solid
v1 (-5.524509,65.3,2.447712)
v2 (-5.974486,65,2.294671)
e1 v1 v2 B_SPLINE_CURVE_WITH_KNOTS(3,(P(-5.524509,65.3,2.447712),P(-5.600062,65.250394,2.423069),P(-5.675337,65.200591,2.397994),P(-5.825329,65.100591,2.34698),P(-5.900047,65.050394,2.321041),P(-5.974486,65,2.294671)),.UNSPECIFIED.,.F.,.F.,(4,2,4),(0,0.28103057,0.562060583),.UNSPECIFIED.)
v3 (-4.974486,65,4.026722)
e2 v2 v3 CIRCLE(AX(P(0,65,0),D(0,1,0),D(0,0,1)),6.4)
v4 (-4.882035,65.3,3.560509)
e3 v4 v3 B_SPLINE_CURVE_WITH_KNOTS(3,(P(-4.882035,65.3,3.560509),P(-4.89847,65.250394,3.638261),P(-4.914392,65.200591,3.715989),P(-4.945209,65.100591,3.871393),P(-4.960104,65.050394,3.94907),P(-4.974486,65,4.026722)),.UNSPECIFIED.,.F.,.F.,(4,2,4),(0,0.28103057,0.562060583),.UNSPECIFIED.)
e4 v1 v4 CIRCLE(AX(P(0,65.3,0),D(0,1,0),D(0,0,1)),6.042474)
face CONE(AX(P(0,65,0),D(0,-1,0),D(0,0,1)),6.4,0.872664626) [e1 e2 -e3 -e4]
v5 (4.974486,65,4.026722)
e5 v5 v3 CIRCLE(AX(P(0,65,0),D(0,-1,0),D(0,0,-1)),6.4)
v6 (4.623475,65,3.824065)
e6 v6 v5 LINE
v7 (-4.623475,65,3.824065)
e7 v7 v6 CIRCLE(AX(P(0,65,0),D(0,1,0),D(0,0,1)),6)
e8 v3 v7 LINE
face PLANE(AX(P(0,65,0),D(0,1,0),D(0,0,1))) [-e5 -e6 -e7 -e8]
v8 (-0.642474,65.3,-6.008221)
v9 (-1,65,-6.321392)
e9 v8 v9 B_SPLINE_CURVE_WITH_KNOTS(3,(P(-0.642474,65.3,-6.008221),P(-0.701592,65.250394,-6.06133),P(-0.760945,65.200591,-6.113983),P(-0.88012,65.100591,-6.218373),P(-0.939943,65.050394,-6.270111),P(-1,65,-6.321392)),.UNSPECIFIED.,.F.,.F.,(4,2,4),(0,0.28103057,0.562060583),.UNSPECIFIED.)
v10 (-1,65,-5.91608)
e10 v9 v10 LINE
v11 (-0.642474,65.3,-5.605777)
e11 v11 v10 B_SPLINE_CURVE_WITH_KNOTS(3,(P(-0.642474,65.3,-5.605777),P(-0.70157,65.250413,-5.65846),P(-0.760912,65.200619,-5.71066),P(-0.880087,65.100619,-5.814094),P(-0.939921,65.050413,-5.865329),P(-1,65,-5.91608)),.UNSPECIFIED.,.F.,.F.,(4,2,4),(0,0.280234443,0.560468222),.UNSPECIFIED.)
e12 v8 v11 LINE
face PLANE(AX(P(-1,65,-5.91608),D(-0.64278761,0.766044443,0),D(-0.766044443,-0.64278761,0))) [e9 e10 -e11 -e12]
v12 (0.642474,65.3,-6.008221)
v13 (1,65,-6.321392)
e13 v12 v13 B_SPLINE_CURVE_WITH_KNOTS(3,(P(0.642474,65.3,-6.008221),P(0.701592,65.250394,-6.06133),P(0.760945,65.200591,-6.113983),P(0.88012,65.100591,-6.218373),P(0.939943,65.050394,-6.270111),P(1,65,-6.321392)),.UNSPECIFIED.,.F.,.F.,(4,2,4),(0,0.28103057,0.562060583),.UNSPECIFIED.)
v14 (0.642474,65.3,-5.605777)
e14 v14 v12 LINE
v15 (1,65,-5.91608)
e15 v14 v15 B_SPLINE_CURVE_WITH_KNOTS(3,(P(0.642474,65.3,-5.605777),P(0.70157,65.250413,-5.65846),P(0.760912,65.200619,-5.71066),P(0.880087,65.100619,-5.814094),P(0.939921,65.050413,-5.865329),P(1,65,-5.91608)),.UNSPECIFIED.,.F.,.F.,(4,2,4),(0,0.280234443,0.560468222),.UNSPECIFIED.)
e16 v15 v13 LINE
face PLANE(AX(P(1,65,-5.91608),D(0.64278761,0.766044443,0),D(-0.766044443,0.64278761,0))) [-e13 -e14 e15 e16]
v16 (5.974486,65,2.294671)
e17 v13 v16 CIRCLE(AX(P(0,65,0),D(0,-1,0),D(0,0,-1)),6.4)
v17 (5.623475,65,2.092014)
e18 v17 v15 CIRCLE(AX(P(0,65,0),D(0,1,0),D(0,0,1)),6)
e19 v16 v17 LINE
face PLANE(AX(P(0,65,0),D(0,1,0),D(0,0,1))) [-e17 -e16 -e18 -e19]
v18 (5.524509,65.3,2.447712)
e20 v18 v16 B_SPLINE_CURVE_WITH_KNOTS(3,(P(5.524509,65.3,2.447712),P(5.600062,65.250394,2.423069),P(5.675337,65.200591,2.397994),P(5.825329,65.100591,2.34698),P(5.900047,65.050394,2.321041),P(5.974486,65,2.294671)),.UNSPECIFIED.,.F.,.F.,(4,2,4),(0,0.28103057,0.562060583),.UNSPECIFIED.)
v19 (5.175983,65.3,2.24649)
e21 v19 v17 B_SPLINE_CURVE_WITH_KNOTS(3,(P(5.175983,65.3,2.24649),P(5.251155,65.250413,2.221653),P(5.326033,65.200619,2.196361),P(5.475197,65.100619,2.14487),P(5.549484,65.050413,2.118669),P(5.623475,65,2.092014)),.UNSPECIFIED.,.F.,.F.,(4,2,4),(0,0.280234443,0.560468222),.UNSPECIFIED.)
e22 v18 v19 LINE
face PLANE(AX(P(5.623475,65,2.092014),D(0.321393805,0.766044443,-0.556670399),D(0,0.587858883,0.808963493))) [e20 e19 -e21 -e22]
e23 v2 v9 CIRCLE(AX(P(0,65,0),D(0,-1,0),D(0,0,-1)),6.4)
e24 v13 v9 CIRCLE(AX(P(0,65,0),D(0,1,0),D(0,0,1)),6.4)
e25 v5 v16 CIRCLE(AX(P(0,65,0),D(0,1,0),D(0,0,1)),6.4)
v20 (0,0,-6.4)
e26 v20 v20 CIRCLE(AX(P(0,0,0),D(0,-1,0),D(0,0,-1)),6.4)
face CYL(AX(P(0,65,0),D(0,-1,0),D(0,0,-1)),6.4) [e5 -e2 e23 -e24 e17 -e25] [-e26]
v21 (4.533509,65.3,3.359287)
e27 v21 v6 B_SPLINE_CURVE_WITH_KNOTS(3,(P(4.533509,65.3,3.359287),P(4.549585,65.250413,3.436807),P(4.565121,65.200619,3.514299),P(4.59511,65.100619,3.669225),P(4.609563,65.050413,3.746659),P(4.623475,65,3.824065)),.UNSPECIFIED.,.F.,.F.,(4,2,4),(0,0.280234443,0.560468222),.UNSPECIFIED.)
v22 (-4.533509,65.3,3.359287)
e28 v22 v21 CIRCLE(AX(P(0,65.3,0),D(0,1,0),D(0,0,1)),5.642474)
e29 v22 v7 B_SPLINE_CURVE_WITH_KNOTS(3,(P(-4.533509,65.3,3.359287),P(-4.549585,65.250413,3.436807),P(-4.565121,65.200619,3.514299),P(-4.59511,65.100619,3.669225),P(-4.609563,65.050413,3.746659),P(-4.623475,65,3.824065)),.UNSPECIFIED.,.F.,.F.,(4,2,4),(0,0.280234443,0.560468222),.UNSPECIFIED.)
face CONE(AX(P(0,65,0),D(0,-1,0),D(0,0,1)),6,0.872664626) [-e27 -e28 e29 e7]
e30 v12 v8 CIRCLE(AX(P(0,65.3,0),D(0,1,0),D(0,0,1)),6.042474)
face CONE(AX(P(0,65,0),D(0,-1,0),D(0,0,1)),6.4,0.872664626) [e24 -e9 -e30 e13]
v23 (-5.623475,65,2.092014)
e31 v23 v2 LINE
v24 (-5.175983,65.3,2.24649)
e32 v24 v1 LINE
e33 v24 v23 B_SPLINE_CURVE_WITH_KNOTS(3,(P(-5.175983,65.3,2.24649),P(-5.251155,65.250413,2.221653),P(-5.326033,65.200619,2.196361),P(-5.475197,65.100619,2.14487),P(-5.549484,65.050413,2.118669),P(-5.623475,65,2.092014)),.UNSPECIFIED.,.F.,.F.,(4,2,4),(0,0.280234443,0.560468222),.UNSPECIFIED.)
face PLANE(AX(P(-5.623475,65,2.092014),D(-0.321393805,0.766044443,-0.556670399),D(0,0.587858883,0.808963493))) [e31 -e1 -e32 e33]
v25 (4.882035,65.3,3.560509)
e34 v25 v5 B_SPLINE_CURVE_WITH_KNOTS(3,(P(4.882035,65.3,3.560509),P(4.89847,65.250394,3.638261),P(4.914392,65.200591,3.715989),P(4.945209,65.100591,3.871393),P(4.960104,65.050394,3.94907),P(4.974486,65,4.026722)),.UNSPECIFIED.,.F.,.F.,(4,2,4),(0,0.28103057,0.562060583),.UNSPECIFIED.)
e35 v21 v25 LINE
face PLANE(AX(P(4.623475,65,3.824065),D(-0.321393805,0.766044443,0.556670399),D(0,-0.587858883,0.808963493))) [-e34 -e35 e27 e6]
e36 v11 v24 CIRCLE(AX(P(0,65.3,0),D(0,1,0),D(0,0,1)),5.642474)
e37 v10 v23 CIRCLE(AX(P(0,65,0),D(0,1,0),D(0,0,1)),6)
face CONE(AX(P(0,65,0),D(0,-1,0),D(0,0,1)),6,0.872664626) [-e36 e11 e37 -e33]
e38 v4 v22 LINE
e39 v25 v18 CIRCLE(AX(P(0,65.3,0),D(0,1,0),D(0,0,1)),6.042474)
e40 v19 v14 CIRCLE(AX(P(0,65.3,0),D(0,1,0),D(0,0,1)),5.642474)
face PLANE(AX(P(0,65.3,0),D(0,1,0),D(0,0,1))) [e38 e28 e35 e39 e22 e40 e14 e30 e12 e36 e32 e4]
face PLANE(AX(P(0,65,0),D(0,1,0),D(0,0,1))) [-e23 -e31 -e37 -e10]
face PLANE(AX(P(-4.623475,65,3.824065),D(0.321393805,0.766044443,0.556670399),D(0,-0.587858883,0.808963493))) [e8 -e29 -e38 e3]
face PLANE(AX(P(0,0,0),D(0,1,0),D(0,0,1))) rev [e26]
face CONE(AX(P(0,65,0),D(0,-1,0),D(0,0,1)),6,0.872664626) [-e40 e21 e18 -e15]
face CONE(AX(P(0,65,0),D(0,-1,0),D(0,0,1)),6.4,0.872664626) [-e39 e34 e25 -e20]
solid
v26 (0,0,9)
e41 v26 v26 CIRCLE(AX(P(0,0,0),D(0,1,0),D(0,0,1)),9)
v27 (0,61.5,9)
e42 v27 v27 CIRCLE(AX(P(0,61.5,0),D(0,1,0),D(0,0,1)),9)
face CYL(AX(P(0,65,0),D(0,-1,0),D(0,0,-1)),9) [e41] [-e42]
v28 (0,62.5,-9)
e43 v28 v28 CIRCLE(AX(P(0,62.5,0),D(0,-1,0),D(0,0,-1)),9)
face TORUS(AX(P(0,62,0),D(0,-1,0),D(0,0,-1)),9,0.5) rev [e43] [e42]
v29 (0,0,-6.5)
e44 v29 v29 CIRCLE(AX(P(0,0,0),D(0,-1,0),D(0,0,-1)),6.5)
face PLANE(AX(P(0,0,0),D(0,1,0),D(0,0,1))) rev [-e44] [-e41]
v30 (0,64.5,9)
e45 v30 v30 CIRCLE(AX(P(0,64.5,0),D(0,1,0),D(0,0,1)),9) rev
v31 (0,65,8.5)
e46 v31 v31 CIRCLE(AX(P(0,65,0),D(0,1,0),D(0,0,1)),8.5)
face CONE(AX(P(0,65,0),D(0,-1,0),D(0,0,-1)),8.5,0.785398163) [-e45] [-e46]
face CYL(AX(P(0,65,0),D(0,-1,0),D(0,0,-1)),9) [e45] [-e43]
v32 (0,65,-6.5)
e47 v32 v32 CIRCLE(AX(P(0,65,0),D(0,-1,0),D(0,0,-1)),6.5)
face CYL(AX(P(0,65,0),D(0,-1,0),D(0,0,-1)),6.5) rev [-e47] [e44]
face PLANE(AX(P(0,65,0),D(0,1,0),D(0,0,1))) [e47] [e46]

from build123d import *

# Parameters (mm, degrees)
SKETCH_1_R          = 9
EXTRUDE_1_DEPTH     = 65
SKETCH_2_R          = 0.5
CHAMFER_1_SIZE      = 0.5
SKETCH_3_R          = 6.5
SKETCH_3_R_2        = 6.4
CUT_EXTRUDE_1_DEPTH = 65
EXTRUDE_2_DEPTH     = 0.3
EXTRUDE_2_DRAFT     = 50


with BuildPart() as part:
    # Эскиз1 → Бобышка-Вытянуть1 (new body)
    with BuildSketch(Plane(origin=(0, 0, 0), x_dir=(1, 0, 0), z_dir=(0, 1, 0))):
        with Locations(Location((0, 0, 0), (0, 0, 270))):
            Circle(SKETCH_1_R)
    extrude(amount=EXTRUDE_1_DEPTH)

    # Эскиз2 → Вырез-Повернуть1 (revolve, cut)
    with BuildSketch(Plane.XY, mode=Mode.PRIVATE) as cut_revolve_1_sk:
        with Locations((-9, 62)):
            Circle(SKETCH_2_R)
    revolve(cut_revolve_1_sk.sketch.rotate(Axis((0, 0, 0), (0, 1, 0)), 270), axis=Axis((0, 0, 0), (0, 1, 0)), mode=Mode.SUBTRACT)

    # Фаска1
    chamfer_1_edges = [part.edges().sort_by_distance(p)[0] for p in [
        (0, 65, -9),
    ]]
    chamfer(chamfer_1_edges, length=CHAMFER_1_SIZE)

    # Эскиз3 → Вырез-Вытянуть1 (cut)
    with BuildSketch(Plane.XZ):
        with Locations(Location((0, 0, 0), (0, 0, 270))):
            Circle(SKETCH_3_R)
        with Locations(Location((0, 0, 0), (0, 0, 270))):
            Circle(SKETCH_3_R_2, mode=Mode.SUBTRACT)
    extrude(amount=-CUT_EXTRUDE_1_DEPTH, mode=Mode.SUBTRACT)


with BuildPart() as cut_extrude_1_piece_1:
    # of the separate pieces the step leaves, piece 1, a body of its own (cut_extrude_1_pieces)
    add(part.part.solids().sort_by_distance((0, 65, -6.4))[0])


with BuildPart() as cut_extrude_1_piece_2:
    # of the separate pieces the step leaves, piece 2, a body of its own (cut_extrude_1_pieces)
    add(part.part.solids().sort_by_distance((0, 64.5, 9))[0])


with BuildPart() as extrude_2_tool:
    # Эскиз4 → Бобышка-Вытянуть2 (with draft: the straight prism first)
    with BuildSketch(Plane(origin=(0, 65, 0), x_dir=(1, 0, 0), z_dir=(0, 1, 0))):
        with BuildLine():
            ThreePointArc((-1, 5.916079783), (-5.196152423, 3), (-5.623475383, -2.092014488))
            Line((-5.623475383, -2.092014488), (-5.974486277, -2.294670722))
            ThreePointArc((-5.974486277, -2.294670722), (-5.542562584, -3.2), (-4.974486277, -4.02672153))
            Line((-4.974486277, -4.02672153), (-4.623475383, -3.824065295))
            ThreePointArc((-4.623475383, -3.824065295), (0, -6), (4.623475383, -3.824065295))
            Line((4.623475383, -3.824065295), (4.974486277, -4.02672153))
            ThreePointArc((4.974486277, -4.02672153), (5.542562584, -3.2), (5.974486277, -2.294670722))
            Line((5.974486277, -2.294670722), (5.623475383, -2.092014488))
            ThreePointArc((5.623475383, -2.092014488), (5.196152423, 3), (1, 5.916079783))
            Line((1, 5.916079783), (1, 6.321392252))
            ThreePointArc((1, 6.321392252), (0, 6.4), (-1, 6.321392252))
            Line((-1, 6.321392252), (-1, 5.916079783))
        make_face()
    extrude(amount=EXTRUDE_2_DEPTH)
    # Бобышка-Вытянуть2: the draft: its side faces are tilted about the plane it starts from
    extrude_2_sides = [extrude_2_tool.faces().sort_by_distance(p)[0] for p in [
        (-5.196152423, 65.15, -3),
        (-5.79898083, 65.15, 2.193342605),
        (-5.542562584, 65.15, 3.2),
        (-4.79898083, 65.15, 3.925393412),
        (0, 65.15, 6),
        (4.79898083, 65.15, 3.925393412),
        (5.542562584, 65.15, 3.2),
        (5.79898083, 65.15, 2.193342605),
        (5.196152423, 65.15, -3),
        (1, 65.15, -6.118736017),
        (0, 65.15, -6.4),
        (-1, 65.15, -6.118736017),
    ]]
    draft(extrude_2_sides, Plane(origin=(0, 65, 0), x_dir=(1, 0, 0), z_dir=(0, 1, 0)), EXTRUDE_2_DRAFT)


with BuildPart() as cut_extrude_1_piece_1_1:
    add(cut_extrude_1_piece_1.part)

    # Бобышка-Вытянуть2: add extrude_2_tool
    add(extrude_2_tool.part)


solid = Compound([cut_extrude_1_piece_2.part, cut_extrude_1_piece_1_1.part])
